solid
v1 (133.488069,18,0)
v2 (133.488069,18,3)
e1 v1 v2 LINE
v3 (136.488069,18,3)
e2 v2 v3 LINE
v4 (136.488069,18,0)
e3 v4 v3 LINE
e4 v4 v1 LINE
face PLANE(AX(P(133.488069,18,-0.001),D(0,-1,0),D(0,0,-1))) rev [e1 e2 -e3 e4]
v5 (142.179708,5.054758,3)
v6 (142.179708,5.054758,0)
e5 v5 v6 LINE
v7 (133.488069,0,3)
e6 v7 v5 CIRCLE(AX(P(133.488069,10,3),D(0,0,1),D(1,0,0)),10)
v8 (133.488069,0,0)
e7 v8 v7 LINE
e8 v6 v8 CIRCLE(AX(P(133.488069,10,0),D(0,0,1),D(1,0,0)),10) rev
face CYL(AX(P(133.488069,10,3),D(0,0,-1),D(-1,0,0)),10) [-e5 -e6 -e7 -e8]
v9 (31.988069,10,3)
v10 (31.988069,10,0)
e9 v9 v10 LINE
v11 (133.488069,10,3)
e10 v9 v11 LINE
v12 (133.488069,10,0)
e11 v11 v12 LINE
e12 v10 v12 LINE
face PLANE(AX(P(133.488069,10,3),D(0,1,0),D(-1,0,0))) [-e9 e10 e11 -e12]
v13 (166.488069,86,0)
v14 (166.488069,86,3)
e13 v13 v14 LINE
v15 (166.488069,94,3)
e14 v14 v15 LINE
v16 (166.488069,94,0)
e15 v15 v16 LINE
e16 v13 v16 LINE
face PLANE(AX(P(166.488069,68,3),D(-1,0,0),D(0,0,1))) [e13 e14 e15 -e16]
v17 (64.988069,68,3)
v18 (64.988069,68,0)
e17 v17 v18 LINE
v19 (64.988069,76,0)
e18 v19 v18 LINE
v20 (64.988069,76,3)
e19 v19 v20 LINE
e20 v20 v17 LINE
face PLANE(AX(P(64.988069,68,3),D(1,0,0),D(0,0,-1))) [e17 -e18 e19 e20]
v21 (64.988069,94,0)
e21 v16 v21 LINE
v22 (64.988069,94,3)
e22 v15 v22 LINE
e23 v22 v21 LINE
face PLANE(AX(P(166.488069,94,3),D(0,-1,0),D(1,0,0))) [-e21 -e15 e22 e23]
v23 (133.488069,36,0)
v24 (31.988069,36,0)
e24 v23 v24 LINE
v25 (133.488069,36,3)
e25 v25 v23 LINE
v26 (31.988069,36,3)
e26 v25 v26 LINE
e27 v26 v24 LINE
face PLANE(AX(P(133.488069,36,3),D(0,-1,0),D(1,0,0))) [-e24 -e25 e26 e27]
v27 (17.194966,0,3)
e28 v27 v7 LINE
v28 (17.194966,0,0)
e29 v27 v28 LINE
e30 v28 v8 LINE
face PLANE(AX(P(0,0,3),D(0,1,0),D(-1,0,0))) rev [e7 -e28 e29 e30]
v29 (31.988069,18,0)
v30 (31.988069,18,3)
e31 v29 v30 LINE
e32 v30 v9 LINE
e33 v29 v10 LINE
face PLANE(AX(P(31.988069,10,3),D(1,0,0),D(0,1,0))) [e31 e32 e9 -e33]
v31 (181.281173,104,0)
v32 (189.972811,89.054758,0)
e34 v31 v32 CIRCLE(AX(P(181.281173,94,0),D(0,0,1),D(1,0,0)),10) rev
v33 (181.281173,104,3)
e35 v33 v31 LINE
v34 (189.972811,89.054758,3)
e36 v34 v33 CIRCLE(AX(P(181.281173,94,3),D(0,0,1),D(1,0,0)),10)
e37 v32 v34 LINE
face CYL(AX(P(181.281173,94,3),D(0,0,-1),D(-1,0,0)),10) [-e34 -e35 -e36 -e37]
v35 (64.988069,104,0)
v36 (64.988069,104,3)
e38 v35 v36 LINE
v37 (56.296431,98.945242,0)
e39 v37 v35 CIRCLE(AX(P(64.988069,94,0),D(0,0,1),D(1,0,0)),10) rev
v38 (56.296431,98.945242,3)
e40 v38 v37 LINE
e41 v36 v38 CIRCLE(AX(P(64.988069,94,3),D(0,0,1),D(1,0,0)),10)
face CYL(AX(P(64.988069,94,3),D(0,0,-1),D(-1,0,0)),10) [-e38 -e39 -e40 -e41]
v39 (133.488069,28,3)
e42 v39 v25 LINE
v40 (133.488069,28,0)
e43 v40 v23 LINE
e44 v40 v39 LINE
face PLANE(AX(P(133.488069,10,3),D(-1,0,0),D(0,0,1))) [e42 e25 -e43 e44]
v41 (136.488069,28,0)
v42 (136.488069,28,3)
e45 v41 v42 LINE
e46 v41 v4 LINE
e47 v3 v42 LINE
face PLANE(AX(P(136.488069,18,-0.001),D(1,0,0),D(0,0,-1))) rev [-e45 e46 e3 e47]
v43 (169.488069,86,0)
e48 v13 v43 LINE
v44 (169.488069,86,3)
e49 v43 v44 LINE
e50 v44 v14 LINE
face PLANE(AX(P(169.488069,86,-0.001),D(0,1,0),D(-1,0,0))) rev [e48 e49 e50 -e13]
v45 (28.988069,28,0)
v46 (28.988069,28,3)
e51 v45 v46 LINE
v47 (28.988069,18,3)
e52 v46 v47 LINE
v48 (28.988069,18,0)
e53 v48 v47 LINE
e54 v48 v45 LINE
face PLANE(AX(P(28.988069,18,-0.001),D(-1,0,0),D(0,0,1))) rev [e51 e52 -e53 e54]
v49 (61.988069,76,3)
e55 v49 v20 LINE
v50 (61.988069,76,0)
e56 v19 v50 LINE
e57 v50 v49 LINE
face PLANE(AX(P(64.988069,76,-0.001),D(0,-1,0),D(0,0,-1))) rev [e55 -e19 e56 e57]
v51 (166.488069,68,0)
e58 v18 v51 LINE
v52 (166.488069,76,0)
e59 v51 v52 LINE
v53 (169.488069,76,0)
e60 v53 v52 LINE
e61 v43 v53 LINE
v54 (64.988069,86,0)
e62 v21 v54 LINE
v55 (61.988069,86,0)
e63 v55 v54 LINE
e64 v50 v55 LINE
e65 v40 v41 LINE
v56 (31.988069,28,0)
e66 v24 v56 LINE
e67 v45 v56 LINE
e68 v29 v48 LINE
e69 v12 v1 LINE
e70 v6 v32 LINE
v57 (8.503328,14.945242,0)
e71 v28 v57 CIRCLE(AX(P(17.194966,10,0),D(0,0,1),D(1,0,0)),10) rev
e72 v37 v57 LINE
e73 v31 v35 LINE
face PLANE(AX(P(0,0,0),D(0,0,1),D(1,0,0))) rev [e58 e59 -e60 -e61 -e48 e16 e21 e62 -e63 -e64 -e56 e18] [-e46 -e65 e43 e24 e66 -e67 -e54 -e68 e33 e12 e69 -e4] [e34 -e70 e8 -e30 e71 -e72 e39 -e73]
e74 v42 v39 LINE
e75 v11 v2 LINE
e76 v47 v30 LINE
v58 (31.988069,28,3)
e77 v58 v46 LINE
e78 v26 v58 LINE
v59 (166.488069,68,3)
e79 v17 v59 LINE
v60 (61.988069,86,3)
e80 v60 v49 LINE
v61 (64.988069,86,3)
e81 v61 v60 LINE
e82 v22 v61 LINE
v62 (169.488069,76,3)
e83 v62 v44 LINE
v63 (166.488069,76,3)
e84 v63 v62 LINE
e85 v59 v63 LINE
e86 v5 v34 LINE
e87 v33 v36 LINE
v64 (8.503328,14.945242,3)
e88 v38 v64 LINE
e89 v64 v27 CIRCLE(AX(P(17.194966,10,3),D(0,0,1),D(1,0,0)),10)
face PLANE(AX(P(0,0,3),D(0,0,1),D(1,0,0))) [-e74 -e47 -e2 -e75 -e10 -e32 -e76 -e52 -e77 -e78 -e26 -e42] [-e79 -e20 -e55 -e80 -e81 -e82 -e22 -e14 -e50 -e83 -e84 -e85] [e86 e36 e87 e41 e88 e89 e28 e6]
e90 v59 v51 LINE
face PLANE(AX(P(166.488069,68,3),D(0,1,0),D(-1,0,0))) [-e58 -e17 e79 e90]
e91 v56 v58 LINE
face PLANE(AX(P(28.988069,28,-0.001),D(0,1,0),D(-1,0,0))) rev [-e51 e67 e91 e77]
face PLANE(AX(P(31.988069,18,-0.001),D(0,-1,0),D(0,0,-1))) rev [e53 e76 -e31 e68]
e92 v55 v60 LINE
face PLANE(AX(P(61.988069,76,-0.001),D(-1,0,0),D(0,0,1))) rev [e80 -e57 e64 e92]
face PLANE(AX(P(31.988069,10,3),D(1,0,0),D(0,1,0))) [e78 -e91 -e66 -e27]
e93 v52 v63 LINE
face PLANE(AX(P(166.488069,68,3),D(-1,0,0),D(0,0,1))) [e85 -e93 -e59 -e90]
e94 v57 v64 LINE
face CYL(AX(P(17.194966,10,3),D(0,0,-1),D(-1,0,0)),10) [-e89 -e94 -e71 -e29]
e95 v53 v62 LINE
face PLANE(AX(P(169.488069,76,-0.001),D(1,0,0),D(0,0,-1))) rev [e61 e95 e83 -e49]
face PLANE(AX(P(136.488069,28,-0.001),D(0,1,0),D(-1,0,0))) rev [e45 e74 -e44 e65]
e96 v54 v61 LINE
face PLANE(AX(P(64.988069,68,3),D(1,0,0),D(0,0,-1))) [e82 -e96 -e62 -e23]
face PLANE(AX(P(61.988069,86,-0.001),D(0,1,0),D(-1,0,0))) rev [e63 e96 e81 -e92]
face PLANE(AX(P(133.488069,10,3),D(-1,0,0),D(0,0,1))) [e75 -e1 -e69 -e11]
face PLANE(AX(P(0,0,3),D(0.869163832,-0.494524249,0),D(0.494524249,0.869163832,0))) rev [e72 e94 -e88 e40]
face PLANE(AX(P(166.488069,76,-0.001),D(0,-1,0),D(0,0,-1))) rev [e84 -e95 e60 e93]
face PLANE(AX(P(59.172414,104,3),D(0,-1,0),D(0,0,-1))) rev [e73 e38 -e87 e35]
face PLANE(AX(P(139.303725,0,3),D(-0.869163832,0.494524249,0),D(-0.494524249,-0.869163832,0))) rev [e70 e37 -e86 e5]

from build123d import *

# Parameters (mm, degrees)
SKIZZE1_W                       = 101.5
SKIZZE1_H                       = 26
AUFSATZ_LINEAR_AUSTRAGEN1_DEPTH = 3
VERRUNDUNG1_R                   = 10
SCHNITT_LINEAR_AUSTRAGEN2_REACH = 5
SKIZZE2_W                       = 3
SKIZZE2_H                       = 10


with BuildPart() as part:
    # Skizze1 → Aufsatz-Linear austragen1 (new body)
    with BuildSketch(Plane.XY):
        Polygon((0, 0), (59.172413793, 104), (198.476138787, 104), (139.303724994, 0), align=None)
        with Locations((82.738069394, 23)):
            Rectangle(SKIZZE1_W, SKIZZE1_H, mode=Mode.SUBTRACT)
        with Locations((115.738069394, 81)):
            Rectangle(SKIZZE1_W, SKIZZE1_H, mode=Mode.SUBTRACT)
    extrude(amount=AUFSATZ_LINEAR_AUSTRAGEN1_DEPTH)

    # Verrundung1
    verrundung1_edges = [part.edges().sort_by_distance(p)[0] for p in [
        (0, 0, 1.5),
        (59.172413793, 104, 1.5),
        (198.476138787, 104, 1.5),
        (139.303724994, 0, 1.5),
    ]]
    fillet(verrundung1_edges, radius=VERRUNDUNG1_R)

    # Skizze2 → Schnitt-Linear austragen2 (cut, up to next)
    with BuildSketch(Plane.XY.offset(3), mode=Mode.PRIVATE) as schnitt_linear_austragen2_sk1:
        with Locations((63.488069394, 81)):
            Rectangle(SKIZZE2_W, SKIZZE2_H)
    schnitt_linear_austragen2_tool1 = extrude(schnitt_linear_austragen2_sk1.sketch, amount=-SCHNITT_LINEAR_AUSTRAGEN2_REACH, mode=Mode.PRIVATE) & part.part
    add(schnitt_linear_austragen2_tool1.solids().sort_by_distance((63.488069, 81, 3))[0], mode=Mode.SUBTRACT)
    # Skizze2 → Schnitt-Linear austragen2 (cut, up to next)
    with BuildSketch(Plane.XY.offset(3), mode=Mode.PRIVATE) as schnitt_linear_austragen2_sk2:
        with Locations((167.988069394, 81)):
            Rectangle(SKIZZE2_W, SKIZZE2_H)
    schnitt_linear_austragen2_tool2 = extrude(schnitt_linear_austragen2_sk2.sketch, amount=-SCHNITT_LINEAR_AUSTRAGEN2_REACH, mode=Mode.PRIVATE) & part.part
    add(schnitt_linear_austragen2_tool2.solids().sort_by_distance((167.988069, 81, 3))[0], mode=Mode.SUBTRACT)
    # Skizze2 → Schnitt-Linear austragen2 (cut, up to next)
    with BuildSketch(Plane.XY.offset(3), mode=Mode.PRIVATE) as schnitt_linear_austragen2_sk3:
        with Locations((30.488069394, 23)):
            Rectangle(SKIZZE2_W, SKIZZE2_H)
    schnitt_linear_austragen2_tool3 = extrude(schnitt_linear_austragen2_sk3.sketch, amount=-SCHNITT_LINEAR_AUSTRAGEN2_REACH, mode=Mode.PRIVATE) & part.part
    add(schnitt_linear_austragen2_tool3.solids().sort_by_distance((30.488069, 23, 3))[0], mode=Mode.SUBTRACT)
    # Skizze2 → Schnitt-Linear austragen2 (cut, up to next)
    with BuildSketch(Plane.XY.offset(3), mode=Mode.PRIVATE) as schnitt_linear_austragen2_sk4:
        with Locations((134.988069394, 23)):
            Rectangle(SKIZZE2_W, SKIZZE2_H)
    schnitt_linear_austragen2_tool4 = extrude(schnitt_linear_austragen2_sk4.sketch, amount=-SCHNITT_LINEAR_AUSTRAGEN2_REACH, mode=Mode.PRIVATE) & part.part
    add(schnitt_linear_austragen2_tool4.solids().sort_by_distance((134.988069, 23, 3))[0], mode=Mode.SUBTRACT)


solid = part.part
